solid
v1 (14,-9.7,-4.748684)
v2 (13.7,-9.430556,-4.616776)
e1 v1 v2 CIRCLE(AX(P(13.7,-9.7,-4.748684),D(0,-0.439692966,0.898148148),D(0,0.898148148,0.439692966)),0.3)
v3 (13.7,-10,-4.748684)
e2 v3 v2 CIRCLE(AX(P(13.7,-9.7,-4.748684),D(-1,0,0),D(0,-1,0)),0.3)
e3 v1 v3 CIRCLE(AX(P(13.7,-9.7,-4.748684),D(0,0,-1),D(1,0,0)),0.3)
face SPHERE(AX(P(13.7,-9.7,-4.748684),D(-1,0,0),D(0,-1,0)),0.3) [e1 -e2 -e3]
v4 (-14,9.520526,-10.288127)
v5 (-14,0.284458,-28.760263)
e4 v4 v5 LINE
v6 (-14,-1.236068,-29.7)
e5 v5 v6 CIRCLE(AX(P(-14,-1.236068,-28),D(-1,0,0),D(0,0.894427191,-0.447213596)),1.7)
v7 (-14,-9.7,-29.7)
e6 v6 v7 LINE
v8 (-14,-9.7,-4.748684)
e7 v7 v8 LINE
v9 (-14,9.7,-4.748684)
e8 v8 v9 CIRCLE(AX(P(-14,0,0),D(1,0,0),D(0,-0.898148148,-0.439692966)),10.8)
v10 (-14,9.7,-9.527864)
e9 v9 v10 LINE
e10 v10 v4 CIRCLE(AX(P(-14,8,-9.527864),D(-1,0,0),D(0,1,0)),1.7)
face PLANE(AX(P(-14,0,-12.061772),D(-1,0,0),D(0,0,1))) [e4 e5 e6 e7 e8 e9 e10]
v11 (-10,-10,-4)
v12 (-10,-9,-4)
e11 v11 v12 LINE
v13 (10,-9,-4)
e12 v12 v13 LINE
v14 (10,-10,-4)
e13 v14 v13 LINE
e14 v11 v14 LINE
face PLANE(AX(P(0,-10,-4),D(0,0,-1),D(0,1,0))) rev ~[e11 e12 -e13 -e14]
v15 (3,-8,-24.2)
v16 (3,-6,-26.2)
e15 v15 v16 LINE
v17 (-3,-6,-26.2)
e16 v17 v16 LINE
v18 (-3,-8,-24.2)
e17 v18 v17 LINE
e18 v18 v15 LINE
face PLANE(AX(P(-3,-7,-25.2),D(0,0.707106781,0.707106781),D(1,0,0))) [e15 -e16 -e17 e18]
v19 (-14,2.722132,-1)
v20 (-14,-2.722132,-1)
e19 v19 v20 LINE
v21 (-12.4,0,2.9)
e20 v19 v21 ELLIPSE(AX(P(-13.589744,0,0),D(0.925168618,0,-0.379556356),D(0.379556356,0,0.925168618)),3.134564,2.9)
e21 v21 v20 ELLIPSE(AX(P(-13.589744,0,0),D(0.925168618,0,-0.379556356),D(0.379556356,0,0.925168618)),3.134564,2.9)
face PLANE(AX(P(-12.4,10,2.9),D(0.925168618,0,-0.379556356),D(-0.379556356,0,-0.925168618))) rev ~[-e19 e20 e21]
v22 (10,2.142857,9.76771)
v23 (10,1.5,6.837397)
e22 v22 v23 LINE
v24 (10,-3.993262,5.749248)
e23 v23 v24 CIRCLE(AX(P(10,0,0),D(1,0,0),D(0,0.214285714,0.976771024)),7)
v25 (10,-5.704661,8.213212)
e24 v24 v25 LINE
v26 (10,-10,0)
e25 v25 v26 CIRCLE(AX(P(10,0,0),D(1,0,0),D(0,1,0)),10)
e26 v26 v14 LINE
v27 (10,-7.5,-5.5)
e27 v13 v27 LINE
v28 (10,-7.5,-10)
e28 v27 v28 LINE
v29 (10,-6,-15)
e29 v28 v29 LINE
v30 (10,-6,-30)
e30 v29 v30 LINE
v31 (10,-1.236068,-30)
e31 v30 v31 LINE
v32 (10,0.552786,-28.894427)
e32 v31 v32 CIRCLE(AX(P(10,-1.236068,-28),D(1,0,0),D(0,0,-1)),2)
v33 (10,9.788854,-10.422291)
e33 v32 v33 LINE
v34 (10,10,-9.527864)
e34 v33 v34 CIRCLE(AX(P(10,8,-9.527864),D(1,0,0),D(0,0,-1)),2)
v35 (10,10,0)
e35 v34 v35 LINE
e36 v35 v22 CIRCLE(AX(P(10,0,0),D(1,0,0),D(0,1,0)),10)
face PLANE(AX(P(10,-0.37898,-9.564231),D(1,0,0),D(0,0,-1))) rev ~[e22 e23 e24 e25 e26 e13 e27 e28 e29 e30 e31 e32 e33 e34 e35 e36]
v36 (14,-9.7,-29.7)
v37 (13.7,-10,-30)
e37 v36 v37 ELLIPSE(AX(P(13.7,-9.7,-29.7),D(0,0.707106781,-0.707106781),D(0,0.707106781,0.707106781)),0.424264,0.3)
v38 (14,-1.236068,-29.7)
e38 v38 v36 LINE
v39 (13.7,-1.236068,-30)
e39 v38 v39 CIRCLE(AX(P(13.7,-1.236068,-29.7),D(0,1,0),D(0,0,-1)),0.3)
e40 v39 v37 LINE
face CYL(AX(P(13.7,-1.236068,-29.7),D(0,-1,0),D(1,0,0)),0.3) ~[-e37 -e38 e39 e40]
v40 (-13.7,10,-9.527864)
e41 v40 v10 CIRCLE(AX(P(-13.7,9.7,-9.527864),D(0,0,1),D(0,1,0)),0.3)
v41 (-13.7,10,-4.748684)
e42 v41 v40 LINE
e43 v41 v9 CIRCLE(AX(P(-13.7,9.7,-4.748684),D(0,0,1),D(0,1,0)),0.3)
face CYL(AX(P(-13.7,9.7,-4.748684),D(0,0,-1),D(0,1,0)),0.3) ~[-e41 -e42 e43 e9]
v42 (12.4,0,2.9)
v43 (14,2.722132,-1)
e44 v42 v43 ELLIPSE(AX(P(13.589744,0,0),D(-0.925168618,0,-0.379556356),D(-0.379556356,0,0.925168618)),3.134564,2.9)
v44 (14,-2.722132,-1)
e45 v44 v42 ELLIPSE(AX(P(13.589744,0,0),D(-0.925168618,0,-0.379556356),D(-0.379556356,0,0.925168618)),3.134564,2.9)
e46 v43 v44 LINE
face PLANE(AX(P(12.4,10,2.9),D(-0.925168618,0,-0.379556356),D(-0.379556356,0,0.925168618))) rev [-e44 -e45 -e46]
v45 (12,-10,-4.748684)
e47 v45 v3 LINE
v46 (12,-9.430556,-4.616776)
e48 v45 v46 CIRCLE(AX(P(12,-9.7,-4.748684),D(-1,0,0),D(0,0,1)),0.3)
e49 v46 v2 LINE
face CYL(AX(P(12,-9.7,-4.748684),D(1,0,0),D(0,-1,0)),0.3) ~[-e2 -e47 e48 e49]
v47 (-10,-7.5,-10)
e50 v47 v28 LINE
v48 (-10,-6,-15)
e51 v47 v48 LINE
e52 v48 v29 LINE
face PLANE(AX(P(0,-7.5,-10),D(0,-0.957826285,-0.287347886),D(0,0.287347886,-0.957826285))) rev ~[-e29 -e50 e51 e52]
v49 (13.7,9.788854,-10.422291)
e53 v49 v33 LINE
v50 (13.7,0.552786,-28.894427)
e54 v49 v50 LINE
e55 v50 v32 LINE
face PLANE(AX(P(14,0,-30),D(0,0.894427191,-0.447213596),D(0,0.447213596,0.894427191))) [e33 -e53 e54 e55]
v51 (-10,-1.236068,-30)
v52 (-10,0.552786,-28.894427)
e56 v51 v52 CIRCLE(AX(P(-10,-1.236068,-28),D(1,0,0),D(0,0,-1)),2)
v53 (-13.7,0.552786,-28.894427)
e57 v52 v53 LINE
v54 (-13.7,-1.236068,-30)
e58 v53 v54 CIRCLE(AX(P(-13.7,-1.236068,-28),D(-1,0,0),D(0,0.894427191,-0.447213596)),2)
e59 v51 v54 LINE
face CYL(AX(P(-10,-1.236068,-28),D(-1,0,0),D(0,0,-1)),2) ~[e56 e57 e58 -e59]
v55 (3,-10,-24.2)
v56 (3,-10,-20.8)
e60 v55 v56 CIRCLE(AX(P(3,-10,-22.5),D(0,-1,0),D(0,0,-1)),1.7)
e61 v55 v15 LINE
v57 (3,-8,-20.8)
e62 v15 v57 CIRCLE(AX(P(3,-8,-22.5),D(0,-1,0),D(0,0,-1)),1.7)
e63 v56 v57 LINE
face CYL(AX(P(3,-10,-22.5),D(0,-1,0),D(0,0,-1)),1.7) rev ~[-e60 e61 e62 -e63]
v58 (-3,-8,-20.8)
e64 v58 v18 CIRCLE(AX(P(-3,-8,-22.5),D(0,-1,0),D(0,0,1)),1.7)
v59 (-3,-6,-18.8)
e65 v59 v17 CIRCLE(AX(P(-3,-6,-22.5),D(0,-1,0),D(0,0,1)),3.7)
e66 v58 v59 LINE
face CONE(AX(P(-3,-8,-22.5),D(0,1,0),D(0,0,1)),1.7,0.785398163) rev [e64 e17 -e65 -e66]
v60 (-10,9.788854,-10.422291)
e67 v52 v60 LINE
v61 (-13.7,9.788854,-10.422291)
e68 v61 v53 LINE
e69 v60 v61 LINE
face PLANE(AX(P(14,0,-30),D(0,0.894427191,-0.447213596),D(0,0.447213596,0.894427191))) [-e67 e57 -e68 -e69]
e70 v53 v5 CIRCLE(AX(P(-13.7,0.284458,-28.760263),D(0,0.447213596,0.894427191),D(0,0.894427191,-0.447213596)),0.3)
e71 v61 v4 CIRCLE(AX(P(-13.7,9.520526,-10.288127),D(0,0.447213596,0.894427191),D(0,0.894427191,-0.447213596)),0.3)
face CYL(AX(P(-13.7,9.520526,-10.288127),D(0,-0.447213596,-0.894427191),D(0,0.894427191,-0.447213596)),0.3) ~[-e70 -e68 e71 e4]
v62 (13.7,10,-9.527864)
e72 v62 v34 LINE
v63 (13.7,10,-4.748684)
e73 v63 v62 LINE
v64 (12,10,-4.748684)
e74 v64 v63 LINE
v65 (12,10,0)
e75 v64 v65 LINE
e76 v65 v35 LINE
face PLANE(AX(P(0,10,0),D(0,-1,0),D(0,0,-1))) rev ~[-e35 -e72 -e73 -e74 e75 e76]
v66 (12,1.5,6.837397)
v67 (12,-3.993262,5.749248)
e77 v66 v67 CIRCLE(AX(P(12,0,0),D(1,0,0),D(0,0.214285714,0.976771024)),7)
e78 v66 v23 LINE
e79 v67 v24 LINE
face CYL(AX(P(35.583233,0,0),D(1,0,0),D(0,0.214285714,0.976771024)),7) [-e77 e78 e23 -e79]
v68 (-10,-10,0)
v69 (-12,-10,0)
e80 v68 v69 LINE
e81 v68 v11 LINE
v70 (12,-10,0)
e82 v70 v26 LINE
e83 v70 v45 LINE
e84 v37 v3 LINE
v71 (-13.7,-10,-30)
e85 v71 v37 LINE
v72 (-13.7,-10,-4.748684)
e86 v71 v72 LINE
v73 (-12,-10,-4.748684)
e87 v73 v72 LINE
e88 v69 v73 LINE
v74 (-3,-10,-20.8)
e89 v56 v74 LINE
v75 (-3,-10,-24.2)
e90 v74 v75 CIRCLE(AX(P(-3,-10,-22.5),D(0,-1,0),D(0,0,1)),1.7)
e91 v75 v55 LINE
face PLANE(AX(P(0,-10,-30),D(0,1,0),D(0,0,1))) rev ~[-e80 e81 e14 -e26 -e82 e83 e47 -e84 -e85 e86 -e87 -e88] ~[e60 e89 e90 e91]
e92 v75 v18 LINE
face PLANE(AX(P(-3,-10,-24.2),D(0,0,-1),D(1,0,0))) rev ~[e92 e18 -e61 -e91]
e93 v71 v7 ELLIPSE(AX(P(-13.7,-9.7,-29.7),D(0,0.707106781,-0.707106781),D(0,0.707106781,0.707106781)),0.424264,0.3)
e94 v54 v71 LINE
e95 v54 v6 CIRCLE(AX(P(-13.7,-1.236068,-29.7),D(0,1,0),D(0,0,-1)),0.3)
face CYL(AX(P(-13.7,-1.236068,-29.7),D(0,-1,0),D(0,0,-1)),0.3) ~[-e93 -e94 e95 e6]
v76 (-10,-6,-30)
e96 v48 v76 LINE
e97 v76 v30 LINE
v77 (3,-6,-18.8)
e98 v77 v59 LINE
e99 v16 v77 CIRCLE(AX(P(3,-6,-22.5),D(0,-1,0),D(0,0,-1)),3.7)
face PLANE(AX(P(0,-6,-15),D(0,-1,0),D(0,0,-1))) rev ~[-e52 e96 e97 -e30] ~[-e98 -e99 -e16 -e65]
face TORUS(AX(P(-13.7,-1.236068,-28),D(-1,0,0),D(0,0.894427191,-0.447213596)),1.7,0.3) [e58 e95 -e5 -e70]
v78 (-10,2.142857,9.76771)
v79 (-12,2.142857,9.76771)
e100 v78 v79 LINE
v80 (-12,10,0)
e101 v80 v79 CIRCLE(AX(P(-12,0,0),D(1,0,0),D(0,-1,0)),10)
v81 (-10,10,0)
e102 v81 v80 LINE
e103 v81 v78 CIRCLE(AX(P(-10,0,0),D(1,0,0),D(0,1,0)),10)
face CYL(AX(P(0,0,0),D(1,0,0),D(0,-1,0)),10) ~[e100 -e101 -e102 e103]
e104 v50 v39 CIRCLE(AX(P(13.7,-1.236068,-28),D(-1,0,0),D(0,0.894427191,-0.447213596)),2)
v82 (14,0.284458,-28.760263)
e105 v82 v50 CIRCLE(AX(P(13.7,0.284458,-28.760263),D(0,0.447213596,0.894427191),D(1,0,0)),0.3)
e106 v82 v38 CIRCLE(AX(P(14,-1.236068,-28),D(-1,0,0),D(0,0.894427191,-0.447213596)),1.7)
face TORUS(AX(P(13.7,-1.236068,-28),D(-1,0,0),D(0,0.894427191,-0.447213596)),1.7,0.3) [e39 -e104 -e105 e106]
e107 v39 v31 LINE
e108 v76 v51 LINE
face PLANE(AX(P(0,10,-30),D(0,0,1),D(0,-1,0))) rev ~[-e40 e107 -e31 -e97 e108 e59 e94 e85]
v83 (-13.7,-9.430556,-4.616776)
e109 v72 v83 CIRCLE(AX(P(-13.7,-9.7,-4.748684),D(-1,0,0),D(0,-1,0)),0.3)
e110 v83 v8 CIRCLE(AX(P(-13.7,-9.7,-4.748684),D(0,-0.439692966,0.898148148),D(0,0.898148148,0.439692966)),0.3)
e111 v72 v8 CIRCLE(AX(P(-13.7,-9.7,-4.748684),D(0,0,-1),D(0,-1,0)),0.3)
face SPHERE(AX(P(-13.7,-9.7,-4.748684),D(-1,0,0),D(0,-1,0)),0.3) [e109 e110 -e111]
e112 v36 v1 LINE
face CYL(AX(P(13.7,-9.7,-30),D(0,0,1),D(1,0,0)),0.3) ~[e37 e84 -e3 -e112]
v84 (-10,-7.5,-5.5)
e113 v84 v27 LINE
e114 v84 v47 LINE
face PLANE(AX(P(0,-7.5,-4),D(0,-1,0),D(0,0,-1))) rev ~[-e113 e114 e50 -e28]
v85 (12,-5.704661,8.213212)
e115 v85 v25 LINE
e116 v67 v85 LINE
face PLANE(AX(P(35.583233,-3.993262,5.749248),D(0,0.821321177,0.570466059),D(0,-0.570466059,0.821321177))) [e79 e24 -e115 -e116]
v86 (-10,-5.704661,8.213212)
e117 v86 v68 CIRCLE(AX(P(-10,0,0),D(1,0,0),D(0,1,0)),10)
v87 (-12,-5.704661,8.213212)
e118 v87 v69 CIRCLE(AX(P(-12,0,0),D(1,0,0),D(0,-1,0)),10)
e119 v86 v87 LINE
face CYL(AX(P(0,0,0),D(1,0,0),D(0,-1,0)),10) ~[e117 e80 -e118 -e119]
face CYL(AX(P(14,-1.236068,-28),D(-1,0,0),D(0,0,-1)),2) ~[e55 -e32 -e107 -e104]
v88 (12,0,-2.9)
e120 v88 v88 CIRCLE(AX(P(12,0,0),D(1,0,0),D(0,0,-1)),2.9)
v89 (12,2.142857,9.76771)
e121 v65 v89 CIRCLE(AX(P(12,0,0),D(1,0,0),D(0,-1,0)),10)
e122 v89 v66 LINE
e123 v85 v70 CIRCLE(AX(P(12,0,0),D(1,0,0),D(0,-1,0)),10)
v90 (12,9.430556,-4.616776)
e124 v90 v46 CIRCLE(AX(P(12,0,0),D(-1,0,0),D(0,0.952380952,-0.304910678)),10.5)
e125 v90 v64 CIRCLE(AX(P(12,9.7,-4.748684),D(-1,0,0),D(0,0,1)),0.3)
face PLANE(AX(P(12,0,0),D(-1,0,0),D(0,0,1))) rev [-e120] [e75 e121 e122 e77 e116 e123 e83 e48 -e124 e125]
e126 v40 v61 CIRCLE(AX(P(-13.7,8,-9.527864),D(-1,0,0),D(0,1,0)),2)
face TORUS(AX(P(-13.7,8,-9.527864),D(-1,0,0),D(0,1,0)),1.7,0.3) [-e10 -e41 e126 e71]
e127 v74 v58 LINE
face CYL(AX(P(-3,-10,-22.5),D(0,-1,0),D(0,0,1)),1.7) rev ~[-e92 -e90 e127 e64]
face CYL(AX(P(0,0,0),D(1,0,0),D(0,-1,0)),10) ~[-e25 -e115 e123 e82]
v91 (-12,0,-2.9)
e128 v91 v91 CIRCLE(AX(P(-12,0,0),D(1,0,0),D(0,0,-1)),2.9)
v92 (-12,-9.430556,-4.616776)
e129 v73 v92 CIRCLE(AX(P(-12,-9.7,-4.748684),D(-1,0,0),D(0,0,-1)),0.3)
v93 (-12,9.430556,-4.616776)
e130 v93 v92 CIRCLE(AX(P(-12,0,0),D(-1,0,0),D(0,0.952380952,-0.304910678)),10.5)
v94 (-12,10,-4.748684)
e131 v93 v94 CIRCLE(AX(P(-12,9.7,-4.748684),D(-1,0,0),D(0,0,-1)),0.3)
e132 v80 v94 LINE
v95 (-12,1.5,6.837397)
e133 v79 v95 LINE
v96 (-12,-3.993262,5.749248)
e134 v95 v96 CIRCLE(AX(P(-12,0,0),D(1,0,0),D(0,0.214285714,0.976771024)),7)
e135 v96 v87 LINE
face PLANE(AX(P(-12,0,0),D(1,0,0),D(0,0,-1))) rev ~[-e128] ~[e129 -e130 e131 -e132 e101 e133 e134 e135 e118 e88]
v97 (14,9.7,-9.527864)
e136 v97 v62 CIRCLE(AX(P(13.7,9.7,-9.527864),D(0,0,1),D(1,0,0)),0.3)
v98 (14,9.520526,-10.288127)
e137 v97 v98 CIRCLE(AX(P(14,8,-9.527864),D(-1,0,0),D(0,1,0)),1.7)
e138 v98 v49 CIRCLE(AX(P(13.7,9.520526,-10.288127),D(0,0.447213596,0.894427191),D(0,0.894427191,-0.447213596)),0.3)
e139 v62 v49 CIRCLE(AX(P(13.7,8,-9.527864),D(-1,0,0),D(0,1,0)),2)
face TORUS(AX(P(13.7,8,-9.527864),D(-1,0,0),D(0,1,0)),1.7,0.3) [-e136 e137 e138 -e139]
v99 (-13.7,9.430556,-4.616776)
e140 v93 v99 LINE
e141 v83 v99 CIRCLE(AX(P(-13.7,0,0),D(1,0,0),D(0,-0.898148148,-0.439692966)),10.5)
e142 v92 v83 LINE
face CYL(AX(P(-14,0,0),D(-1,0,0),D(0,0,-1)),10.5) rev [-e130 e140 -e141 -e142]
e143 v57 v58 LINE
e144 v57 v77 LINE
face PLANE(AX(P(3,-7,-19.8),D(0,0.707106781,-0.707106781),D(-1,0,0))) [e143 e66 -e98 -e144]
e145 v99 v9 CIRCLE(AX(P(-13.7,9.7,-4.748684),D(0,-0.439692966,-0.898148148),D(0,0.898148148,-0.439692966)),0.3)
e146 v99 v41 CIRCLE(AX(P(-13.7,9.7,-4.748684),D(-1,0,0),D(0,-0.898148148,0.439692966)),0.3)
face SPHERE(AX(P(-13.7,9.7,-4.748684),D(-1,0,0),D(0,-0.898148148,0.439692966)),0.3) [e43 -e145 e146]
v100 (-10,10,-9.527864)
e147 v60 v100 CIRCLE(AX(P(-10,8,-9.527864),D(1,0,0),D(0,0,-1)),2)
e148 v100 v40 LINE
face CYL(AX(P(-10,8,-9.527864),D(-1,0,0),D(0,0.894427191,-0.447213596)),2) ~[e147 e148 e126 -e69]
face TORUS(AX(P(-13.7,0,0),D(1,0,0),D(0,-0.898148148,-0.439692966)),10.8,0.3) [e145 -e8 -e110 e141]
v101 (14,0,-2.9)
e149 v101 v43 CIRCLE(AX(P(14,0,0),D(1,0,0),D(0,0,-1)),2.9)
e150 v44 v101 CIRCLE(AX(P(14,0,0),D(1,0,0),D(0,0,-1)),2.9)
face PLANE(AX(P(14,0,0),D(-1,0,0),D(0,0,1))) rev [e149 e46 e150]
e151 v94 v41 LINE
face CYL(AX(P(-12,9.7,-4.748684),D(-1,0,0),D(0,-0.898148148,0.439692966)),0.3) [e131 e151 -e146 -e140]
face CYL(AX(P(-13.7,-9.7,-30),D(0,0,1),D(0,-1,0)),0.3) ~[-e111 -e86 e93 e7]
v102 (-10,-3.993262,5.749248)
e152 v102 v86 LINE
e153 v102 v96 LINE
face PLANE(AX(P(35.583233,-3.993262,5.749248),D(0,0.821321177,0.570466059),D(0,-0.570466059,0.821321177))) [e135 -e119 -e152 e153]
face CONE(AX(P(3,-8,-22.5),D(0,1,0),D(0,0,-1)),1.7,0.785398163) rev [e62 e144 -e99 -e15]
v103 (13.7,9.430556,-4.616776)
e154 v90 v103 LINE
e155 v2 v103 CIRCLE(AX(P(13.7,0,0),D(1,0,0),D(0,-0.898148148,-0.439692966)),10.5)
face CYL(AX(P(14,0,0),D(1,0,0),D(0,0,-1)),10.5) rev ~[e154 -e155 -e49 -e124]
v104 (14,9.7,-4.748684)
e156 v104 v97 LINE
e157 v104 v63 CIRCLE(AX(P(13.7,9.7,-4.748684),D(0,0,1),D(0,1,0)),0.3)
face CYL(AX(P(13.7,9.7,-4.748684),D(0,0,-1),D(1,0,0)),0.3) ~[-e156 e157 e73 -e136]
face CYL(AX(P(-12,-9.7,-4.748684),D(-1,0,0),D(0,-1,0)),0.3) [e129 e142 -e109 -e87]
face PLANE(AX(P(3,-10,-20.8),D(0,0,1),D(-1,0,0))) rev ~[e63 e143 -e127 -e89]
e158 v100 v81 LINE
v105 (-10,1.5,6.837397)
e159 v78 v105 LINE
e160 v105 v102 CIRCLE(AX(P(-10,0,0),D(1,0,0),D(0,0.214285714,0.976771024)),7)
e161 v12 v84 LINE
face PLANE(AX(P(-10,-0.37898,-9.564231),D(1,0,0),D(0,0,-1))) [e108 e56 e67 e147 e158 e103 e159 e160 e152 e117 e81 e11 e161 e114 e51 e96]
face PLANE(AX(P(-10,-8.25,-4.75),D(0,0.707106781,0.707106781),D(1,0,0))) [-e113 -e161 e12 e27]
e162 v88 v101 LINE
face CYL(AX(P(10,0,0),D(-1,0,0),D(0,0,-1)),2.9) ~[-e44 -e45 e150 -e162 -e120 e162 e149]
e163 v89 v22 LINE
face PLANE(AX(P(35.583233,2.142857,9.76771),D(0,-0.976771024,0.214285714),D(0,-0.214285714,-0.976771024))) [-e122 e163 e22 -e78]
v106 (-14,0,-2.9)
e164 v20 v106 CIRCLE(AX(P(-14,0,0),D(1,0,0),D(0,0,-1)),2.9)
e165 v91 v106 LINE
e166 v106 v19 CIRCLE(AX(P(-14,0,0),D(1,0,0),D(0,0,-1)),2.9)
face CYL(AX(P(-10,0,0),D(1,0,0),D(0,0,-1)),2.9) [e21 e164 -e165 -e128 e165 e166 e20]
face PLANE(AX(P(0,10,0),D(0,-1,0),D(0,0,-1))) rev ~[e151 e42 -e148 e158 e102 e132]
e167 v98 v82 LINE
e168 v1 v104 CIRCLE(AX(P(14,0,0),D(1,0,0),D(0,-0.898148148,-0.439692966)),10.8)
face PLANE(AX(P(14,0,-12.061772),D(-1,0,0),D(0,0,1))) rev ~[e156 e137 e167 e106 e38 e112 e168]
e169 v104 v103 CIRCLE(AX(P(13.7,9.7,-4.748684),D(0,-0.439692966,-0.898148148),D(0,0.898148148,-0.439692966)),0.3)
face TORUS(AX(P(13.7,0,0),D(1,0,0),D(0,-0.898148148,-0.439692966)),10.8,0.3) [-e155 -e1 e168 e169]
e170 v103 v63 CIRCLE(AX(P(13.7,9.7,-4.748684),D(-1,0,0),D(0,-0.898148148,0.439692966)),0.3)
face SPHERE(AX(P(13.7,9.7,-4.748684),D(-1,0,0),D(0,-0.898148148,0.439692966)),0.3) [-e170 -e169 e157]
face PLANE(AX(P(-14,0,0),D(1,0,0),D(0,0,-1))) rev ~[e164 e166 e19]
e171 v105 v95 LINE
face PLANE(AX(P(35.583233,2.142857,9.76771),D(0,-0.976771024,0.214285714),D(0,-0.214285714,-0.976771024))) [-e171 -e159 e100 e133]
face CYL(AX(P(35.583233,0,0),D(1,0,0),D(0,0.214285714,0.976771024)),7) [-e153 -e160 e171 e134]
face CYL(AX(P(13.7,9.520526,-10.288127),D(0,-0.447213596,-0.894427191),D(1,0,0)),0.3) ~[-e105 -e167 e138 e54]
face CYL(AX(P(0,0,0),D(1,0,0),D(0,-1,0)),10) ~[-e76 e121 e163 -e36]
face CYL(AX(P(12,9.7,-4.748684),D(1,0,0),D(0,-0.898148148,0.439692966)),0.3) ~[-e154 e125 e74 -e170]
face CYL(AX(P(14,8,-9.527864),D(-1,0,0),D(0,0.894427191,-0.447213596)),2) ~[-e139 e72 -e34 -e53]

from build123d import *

# Parameters (mm, degrees)
BOSS_EXTRUDE1_DEPTH     = 14
SKETCH2_R               = 2.9
CUT_EXTRUDE1_DEPTH      = 48
CUT_EXTRUDE2_DEPTH      = 10
SKETCH6_R               = 10.5
CUT_EXTRUDE4_DEPTH      = 2
SKETCH8_R               = 2.9
BOSS_EXTRUDE2_DEPTH     = 4
CUT_EXTRUDE6_DEPTH      = 39.678159212
FILLET1_R               = 0.3
CUT_EXTRUDE3_DEPTH      = 4
CHAMFER1_SIZE           = 2
FILLET2_R               = 2
FILLET3_R               = 0.3
CUT_EXTRUDE5_DEPTH      = 35.583232932
CUT_EXTRUDE5_DEPTH_BACK = 35.583232932
CHAMFER2_SIZE           = 1.5


with BuildPart() as part:
    # Sketch1 → Boss-Extrude1 (new, symmetric)
    with BuildSketch(Plane(origin=(0, 0, 0), x_dir=(0, 0, -1), z_dir=(1, 0, 0))):
        with BuildLine():
            Line((30, -10), (0, -10))
            ThreePointArc((0, -10), (-10, 0), (0, 10))
            Line((0, 10), (30, 10))
            Line((30, 10), (30, -10))
        make_face()
    extrude(amount=BOSS_EXTRUDE1_DEPTH, both=True)

    # Sketch2 → Cut-Extrude1 (cut)
    with BuildSketch(Plane(origin=(14, 0, 0), x_dir=(0, 0, -1), z_dir=(1, 0, 0))):
        Circle(SKETCH2_R)
        Polygon((30, 0), (10, 10), (30, 10), align=None)
    extrude(amount=-CUT_EXTRUDE1_DEPTH, mode=Mode.SUBTRACT)

    # Sketch4 → Cut-Extrude2 (cut, symmetric)
    with BuildSketch(Plane(origin=(0, 0, 0), x_dir=(0, 0, -1), z_dir=(1, 0, 0))):
        with BuildLine():
            Line((0, -10), (4, -10))
            Line((4, -10), (4, -7.5))
            Line((4, -7.5), (10, -7.5))
            Line((10, -7.5), (15, -6))
            Line((15, -6), (30, -6))
            Line((30, -6), (30, 0))
            Line((30, 0), (10, 10))
            Line((10, 10), (0, 10))
            ThreePointArc((0, 10), (-10, 0), (0, -10))
        make_face()
    extrude(amount=CUT_EXTRUDE2_DEPTH, both=True, mode=Mode.SUBTRACT)

    # Sketch6 → Cut-Extrude4 (cut)
    with BuildSketch(Plane(origin=(-14, 0, 0), x_dir=(0, 0, -1), z_dir=(1, 0, 0))):
        Circle(SKETCH6_R)
    cut_extrude4 = extrude(amount=CUT_EXTRUDE4_DEPTH, mode=Mode.SUBTRACT)

    # Sketch8 → Boss-Extrude2 (add)
    with BuildSketch(Plane(origin=(-10, 0, 0), x_dir=(0, 0, -1), z_dir=(1, 0, 0))):
        Circle(SKETCH8_R)
    boss_extrude2 = extrude(amount=-BOSS_EXTRUDE2_DEPTH)

    # Sketch9 → Cut-Extrude6 (cut, through all)
    with BuildSketch(Plane(origin=(0, 10, 0), x_dir=(1, 0, 0), z_dir=(0, 1, 0))):
        Polygon((-14, 1), (-14, -2.9), (-12.4, -2.9), align=None)
    cut_extrude6 = extrude(amount=-CUT_EXTRUDE6_DEPTH, mode=Mode.SUBTRACT)

    # Mirror1: Cut-Extrude4, Boss-Extrude2, Cut-Extrude6 across plane
    add(cut_extrude4.mirror(Plane(origin=(0, 0, 0), x_dir=(0, 0, 1), z_dir=(1, 0, 0))), mode=Mode.SUBTRACT)
    add(boss_extrude2.mirror(Plane(origin=(0, 0, 0), x_dir=(0, 0, 1), z_dir=(1, 0, 0))))
    add(cut_extrude6.mirror(Plane(origin=(0, 0, 0), x_dir=(0, 0, 1), z_dir=(1, 0, 0))), mode=Mode.SUBTRACT)

    # Fillet1
    fillet1_edges = [part.edges().sort_by_distance(p)[0] for p in [
        (13, -10, -3.201562119),
        (13, 10, -3.201562119),
        (-13, -10, -3.201562119),
        (-13, 10, -3.201562119),
    ]]
    fillet(fillet1_edges, radius=FILLET1_R)

    # Sketch5 → Cut-Extrude3 (cut)
    with BuildSketch(Plane(origin=(0, -10, 0), x_dir=(1, 0, 0), z_dir=(0, 1, 0))):
        with BuildLine():
            Line((-3, 24.2), (3, 24.2))
            ThreePointArc((3, 24.2), (4.7, 22.5), (3, 20.8))
            Line((3, 20.8), (-3, 20.8))
            ThreePointArc((-3, 20.8), (-4.7, 22.5), (-3, 24.2))
        make_face()
    extrude(amount=CUT_EXTRUDE3_DEPTH, mode=Mode.SUBTRACT)

    # Chamfer1
    chamfer1_edges = [part.edges().sort_by_distance(p)[0] for p in [
        (0, -6, -24.2),
        (4.7, -6, -22.5),
        (0, -6, -20.8),
        (-4.7, -6, -22.5),
    ]]
    chamfer(chamfer1_edges, length=CHAMFER1_SIZE)

    # Fillet2
    fillet2_edges = [part.edges().sort_by_distance(p)[0] for p in [
        (-12, 0, -30),
        (-12, 10, -10),
        (12, 10, -10),
        (12, 0, -30),
    ]]
    fillet(fillet2_edges, radius=FILLET2_R)

    # Fillet3
    fillet3_edges = [part.edges().sort_by_distance(p)[0] for p in [
        (14, -5.618033989, -30),
        (14, 0, -10.5),
        (14, -10, -17.374342014),
        (14, -9.76770032, -4.45642273),
        (14, 9.76770032, -4.45642273),
        (-14, -10, -17.374342014),
        (-14, 0, -10.5),
        (-14, 9.76770032, -4.45642273),
        (-14, -9.76770032, -4.45642273),
        (-14, 5.170820393, -19.658359214),
        (-14, 10, -7.138274037),
        (-14, -0.184605753, -29.701301617),
        (-14, 9.946497979, -9.987369886),
        (14, 5.170820393, -19.658359214),
        (14, 10, -7.138274037),
        (14, -0.184605753, -29.701301617),
        (14, 9.946497979, -9.987369886),
        (-14, -5.618033989, -30),
    ]]
    fillet(fillet3_edges, radius=FILLET3_R)

    # Sketch7 → Cut-Extrude5 (cut, two sides: drawn at the far end of the back side and taken through both)
    with BuildSketch(Plane.ZY.offset(-CUT_EXTRUDE5_DEPTH_BACK)):
        with BuildLine():
            Line((9.767710237, 2.142857143), (6.837397166, 1.5))
            ThreePointArc((6.837397166, 1.5), (6.866578014, -1.360186158), (5.749248239, -3.993262411))
            Line((5.749248239, -3.993262411), (8.213211771, -5.704660587))
            ThreePointArc((8.213211771, -5.704660587), (9.809397162, -1.943123082), (9.767710237, 2.142857143))
        make_face()
    extrude(amount=CUT_EXTRUDE5_DEPTH + CUT_EXTRUDE5_DEPTH_BACK, mode=Mode.SUBTRACT)

    # Chamfer2
    chamfer2_edges = [part.edges().sort_by_distance(p)[0] for p in [
        (0, -7.5, -4),
    ]]
    chamfer(chamfer2_edges, length=CHAMFER2_SIZE)


solid = part.part
